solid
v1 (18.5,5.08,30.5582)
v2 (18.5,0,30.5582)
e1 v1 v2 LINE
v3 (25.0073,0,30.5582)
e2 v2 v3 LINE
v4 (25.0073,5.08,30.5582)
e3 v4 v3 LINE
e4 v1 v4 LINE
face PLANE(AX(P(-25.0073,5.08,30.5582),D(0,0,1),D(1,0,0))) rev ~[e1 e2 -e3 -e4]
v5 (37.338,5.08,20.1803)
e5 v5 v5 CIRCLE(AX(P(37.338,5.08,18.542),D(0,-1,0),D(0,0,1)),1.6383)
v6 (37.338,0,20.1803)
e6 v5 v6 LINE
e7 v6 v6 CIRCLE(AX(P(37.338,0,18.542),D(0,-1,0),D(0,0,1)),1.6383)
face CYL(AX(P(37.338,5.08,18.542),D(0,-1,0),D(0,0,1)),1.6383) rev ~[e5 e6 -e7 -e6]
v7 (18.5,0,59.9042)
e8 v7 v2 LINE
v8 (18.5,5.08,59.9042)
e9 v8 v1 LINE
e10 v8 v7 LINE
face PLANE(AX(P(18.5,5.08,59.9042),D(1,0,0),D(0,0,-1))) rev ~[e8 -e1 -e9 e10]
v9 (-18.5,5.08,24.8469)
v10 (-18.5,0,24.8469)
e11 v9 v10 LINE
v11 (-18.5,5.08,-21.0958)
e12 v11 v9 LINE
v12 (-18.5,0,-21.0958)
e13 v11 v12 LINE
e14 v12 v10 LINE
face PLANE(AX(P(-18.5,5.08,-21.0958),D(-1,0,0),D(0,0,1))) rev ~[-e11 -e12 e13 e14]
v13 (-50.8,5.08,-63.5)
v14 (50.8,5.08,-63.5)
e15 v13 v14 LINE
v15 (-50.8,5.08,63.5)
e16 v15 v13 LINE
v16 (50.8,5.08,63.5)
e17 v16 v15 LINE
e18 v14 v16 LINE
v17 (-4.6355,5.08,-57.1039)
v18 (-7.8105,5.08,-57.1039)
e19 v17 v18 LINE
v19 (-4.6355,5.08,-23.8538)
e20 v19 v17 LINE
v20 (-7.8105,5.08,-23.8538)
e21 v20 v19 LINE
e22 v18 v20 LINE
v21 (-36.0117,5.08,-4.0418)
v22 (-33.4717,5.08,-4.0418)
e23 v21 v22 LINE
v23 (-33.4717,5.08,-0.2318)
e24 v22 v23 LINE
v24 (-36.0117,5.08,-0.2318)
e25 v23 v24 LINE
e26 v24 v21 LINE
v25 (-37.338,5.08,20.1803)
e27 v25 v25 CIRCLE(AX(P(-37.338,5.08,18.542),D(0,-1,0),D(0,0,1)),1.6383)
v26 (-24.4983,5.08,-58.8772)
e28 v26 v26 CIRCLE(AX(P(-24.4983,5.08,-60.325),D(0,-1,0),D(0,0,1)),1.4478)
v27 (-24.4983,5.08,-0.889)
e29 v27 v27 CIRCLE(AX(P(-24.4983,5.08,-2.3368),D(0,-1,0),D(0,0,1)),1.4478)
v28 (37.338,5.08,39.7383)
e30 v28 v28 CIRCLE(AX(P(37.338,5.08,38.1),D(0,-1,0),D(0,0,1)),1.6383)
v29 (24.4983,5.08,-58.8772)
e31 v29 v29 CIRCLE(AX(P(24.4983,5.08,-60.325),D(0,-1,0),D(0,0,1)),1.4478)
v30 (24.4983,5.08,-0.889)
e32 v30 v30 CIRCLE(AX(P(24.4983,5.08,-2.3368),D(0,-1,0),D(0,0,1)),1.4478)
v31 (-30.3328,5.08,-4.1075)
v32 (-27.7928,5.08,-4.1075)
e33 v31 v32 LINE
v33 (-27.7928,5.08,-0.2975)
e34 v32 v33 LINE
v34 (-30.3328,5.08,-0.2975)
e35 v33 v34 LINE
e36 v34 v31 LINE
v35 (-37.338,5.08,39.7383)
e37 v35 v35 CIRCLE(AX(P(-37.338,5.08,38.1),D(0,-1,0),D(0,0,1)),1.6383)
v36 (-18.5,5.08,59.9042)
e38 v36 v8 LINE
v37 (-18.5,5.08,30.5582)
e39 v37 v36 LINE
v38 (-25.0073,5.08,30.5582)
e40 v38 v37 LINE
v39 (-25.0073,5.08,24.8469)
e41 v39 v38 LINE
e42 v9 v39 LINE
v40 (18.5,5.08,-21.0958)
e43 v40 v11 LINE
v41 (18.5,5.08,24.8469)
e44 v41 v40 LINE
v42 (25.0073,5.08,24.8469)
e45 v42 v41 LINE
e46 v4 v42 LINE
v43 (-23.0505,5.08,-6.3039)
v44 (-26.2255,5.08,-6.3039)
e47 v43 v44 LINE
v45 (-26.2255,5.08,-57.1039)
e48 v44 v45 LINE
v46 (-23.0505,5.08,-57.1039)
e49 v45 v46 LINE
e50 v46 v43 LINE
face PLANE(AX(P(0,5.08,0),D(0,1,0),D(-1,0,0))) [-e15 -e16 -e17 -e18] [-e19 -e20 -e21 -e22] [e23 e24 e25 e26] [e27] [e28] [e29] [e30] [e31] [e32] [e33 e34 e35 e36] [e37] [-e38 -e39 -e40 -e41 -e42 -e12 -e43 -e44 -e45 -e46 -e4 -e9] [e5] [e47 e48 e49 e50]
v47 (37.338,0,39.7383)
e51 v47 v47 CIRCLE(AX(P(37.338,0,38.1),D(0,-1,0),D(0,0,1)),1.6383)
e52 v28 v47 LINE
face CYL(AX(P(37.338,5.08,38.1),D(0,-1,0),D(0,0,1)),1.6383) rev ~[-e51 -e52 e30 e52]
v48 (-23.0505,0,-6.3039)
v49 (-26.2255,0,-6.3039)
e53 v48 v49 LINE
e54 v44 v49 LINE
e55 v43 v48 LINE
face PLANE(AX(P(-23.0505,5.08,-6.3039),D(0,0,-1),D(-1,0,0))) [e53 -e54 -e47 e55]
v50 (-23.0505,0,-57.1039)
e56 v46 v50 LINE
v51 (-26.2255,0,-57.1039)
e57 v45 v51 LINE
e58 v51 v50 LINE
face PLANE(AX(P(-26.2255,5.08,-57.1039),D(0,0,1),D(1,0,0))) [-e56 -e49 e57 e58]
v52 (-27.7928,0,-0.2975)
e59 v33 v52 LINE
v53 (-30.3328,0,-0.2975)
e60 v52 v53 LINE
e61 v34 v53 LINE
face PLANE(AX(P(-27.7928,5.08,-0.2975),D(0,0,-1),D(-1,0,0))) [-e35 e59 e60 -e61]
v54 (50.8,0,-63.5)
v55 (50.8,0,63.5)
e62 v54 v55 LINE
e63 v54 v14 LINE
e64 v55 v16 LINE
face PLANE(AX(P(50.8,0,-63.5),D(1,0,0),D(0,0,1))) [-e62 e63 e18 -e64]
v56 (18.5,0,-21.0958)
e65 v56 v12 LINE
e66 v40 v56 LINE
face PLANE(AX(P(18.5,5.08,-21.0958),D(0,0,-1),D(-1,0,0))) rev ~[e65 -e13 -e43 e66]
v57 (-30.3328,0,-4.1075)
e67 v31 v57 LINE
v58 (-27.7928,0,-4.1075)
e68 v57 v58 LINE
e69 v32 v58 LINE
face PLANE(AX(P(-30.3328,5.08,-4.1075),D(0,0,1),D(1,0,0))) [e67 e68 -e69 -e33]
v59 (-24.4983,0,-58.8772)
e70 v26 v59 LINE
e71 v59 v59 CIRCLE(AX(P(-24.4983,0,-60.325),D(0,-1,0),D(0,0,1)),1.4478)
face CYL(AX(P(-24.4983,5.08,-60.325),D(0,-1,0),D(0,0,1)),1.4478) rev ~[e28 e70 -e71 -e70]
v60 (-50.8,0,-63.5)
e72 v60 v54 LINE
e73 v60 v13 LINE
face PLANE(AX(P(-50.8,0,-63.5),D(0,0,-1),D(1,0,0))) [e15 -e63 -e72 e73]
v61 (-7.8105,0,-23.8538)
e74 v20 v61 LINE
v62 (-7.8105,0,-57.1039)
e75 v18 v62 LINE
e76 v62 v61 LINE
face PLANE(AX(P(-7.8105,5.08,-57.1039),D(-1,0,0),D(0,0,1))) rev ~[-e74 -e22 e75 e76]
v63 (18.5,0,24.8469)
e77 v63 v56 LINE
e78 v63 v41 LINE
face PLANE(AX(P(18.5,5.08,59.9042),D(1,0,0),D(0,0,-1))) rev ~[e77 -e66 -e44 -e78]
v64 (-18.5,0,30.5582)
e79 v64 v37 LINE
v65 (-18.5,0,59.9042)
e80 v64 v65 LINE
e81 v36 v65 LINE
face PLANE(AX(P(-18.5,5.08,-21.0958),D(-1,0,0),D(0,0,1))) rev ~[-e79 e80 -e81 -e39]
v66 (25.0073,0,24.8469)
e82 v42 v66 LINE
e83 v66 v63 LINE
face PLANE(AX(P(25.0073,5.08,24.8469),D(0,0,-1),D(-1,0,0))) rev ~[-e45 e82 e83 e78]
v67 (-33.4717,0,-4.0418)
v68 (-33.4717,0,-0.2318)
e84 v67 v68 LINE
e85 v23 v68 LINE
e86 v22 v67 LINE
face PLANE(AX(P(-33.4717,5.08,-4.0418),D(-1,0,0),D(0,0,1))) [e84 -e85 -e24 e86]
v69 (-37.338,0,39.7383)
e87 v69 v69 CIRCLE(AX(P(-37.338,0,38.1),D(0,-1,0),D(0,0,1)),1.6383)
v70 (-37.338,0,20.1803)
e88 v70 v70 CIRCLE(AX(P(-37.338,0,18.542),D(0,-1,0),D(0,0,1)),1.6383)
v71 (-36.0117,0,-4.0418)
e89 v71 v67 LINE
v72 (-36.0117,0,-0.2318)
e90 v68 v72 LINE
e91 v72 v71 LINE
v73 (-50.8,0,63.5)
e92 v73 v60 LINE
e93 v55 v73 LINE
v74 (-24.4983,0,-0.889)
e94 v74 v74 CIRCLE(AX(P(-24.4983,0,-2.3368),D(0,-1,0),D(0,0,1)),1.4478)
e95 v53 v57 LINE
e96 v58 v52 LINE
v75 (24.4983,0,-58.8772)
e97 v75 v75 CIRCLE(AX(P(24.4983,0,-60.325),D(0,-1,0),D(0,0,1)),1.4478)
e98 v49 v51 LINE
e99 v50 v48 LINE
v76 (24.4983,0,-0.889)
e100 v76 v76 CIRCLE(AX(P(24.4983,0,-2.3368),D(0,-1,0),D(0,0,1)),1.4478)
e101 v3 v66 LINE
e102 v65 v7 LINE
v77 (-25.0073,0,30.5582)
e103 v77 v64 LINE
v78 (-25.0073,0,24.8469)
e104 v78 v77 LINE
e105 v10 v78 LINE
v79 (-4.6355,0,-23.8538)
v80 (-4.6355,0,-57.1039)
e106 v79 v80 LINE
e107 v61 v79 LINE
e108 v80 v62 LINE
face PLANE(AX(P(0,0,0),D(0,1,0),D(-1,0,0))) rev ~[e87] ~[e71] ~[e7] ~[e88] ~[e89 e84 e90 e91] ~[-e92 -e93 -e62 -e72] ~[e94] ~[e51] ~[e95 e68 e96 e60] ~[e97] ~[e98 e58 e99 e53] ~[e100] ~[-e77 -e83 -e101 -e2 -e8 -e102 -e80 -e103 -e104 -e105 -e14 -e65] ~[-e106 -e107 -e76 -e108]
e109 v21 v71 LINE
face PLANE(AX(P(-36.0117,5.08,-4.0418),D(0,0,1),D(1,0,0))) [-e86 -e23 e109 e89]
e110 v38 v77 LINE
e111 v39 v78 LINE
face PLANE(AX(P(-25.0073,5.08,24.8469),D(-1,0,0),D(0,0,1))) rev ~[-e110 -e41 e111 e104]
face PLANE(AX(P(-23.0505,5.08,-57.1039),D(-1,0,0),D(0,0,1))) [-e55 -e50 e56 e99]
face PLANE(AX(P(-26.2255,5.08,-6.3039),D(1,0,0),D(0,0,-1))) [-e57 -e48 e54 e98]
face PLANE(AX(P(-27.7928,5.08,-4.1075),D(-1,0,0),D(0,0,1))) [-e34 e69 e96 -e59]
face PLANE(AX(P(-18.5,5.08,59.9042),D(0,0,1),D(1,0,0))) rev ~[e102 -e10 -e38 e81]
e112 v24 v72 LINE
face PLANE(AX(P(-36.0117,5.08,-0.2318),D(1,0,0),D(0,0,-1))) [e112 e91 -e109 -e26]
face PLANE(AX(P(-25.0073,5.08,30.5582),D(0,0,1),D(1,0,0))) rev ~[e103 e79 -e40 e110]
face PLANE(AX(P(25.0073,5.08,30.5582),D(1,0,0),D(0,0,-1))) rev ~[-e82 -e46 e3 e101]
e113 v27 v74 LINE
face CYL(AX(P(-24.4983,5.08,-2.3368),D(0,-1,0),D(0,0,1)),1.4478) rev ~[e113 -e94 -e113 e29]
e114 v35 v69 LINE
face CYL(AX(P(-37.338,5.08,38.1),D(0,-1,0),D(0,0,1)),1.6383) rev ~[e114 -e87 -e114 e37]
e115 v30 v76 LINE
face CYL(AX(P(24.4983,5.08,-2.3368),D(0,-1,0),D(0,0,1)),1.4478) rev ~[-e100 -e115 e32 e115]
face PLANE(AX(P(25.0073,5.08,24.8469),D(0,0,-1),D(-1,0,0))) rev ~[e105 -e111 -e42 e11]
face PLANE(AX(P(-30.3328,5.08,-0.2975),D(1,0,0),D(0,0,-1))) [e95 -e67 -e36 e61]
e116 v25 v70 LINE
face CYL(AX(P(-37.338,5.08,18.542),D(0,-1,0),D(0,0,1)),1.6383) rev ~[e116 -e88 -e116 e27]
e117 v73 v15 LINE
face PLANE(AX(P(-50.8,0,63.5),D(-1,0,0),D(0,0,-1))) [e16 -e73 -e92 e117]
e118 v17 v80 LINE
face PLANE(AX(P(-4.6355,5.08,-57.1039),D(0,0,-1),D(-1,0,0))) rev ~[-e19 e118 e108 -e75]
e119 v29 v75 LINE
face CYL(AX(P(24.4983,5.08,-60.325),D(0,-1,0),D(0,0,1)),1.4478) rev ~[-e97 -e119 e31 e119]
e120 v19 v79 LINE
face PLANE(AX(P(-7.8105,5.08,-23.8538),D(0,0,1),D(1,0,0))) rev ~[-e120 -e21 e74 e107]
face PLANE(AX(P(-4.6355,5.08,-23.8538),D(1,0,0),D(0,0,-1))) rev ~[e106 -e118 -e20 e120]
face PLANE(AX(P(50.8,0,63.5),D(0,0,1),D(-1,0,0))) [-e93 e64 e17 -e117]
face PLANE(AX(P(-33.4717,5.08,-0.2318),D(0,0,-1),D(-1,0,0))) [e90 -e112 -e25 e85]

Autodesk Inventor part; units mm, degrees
ref_plane "YZ Plane" through (0, 0, 0) normal (1, 0, 0) x (0, 1, 0)
ref_plane "XZ Plane" through (0, 0, 0) normal (0, 1, 0) x (-1, 0, 0)
ref_plane "XY Plane" through (0, 0, 0) normal (0, 0, 1) x (1, 0, 0)
sketch "Sketch1" plane through (0, 0, 0) normal (0, 1, 0) x (-1, 0, 0)
  line L0 (-50.8, 63.5) -> (50.8, 63.5)
  line L1 (50.8, 63.5) -> (50.8, -63.5)
  line L2 (50.8, -63.5) -> (-50.8, -63.5)
  line L3 (-50.8, -63.5) -> (-50.8, 63.5)
  line L4 (-50.8, 63.5) -> (50.8, -63.5) construction
  line L5 (50.8, 63.5) -> (-50.8, -63.5) construction
  point P0 (0, 0)
  point P1 (0, 0)
  dimension "d0" = 101.6
  dimension "d1" = 127
extrude "Plate1" add sketch "Sketch1" along normal blind 5.08
sketch "Sketch2" plane through (0, 5.08, 0) normal (0, 1, 0) x (1, 0, 0)
  line L0 (-50.8, 63.5) -> (50.8, 63.5) construction
  line L1 (0, 63.5) -> (0, -63.5) construction
  line L2 (50.8, -63.5) -> (-50.8, -63.5) construction
  line L3 (-50.8, -63.5) -> (-50.8, 63.5) construction
  point P0 (0, 0)
  point P1 (-37.338, -38.1)
  point P2 (-37.338, -18.542)
  point P3 (37.338, -38.1)
  point P4 (37.338, -18.542)
  dimension "d5" = 19.558
  dimension "d6" = 13.462
  dimension "d18" = 25.4
hole "MotorScrews" at (-37.338, 5.08, 38.1) at (-37.338, 5.08, 18.542) at (37.338, 5.08, 38.1) at (37.338, 5.08, 18.542) direction (0, -1, 0) diameter 3.2766 end through all clearance for "Flat Head Machine Screw (82)" size "#4" standard "Ansi Unified Screw Threads"
sketch "Sketch3" plane through (0, 5.08, 0) normal (0, 1, 0) x (1, 0, 0)
  line L0 (-18.5, -59.9042) -> (18.5, -59.9042)
  line L1 (18.5, -59.9042) -> (18.5, 21.0958)
  line L2 (18.5, 21.0958) -> (-18.5, 21.0958)
  line L3 (-18.5, 21.0958) -> (-18.5, -59.9042)
  line L4 (-18.5, -59.9042) -> (18.5, 21.0958) construction
  line L5 (18.5, -59.9042) -> (-18.5, 21.0958) construction
  point P0 (0, 0)
  point P1 (0, -19.4042)
  point P2 (0, -19.4042)
  dimension "d14" = 37
  dimension "d15" = 81
extrude "BatteryHole" cut sketch "Sketch3" against normal blind 5.08
sketch "Sketch4" plane through (0, 5.08, 0) normal (0, 1, 0) x (1, 0, 0)
  line L0 (18.5, -59.9042) -> (-18.5, -59.9042) projected
  line L1 (-25.0073, -30.5582) -> (25.0073, -30.5582)
  line L2 (25.0073, -30.5582) -> (25.0073, -24.8469)
  line L3 (25.0073, -24.8469) -> (-25.0073, -24.8469)
  line L4 (-25.0073, -24.8469) -> (-25.0073, -30.5582)
  line L5 (-25.0073, -30.5582) -> (25.0073, -24.8469) construction
  line L6 (25.0073, -30.5582) -> (-25.0073, -24.8469) construction
  point P0 (0, 0)
  point P1 (0, -27.7026)
  point P2 (0, -27.7026)
extrude "MotorWireHoles" cut sketch "Sketch4" against normal blind 5.08
sketch "Sketch5" plane through (0, 5.08, 0) normal (0, 1, 0) x (1, 0, 0)
  line L0 (0, 0) -> (0, 25.4) construction
  line L1 (-50.8, 63.5) -> (50.8, 63.5) projected
  point P0 (-24.4983, 2.3368)
  point P1 (24.4983, 2.3368)
  point P2 (-24.4983, 60.325)
  point P3 (24.4983, 60.325)
  dimension "d21" = 25.4
  dimension "d22" = 48.9966
  dimension "d23" = 57.9882
  dimension "d24" = 3.175
hole "PiScrews" at (-24.4983, 5.08, -2.3368) at (24.4983, 5.08, -2.3368) at (-24.4983, 5.08, -60.325) at (24.4983, 5.08, -60.325) direction (0, -1, 0) diameter 2.8956 end through all clearance for "Flat Head Machine Screw" size "M2.5" standard "Ansi Metric M Profile"
sketch "Sketch6" plane through (0, 5.08, 0) normal (0, 1, 0) x (1, 0, 0)
  line L0 (-15.4305, 17.2899) -> (-15.4305, 42.6899) construction
  line L1 (-26.2255, 57.1039) -> (-23.0505, 57.1039)
  line L2 (-23.0505, 57.1039) -> (-23.0505, 6.3039)
  line L3 (-23.0505, 6.3039) -> (-26.2255, 6.3039)
  line L4 (-26.2255, 6.3039) -> (-26.2255, 57.1039)
  circle A0 centre (-24.4983, 60.325) radius 1.4478 projected
  line L5 (-4.6355, 57.1039) -> (-7.8105, 57.1039)
  line L6 (-7.8105, 57.1039) -> (-7.8105, 23.8538)
  line L7 (-7.8105, 23.8538) -> (-4.6355, 23.8538)
  line L8 (-4.6355, 23.8538) -> (-4.6355, 57.1039)
  dimension "d33" = 3.175
  dimension "d34" = 50.8
  dimension "d37" = 15.24
extrude "WireHoles" cut sketch "Sketch6" against normal blind 5.08 contours L1 L2 L3 L4 | L8 L7 L6 L5
sketch "Sketch7" plane through (0, 5.08, 0) normal (0, 1, 0) x (1, 0, 0)
  line L0 (-36.0117, 4.0418) -> (-33.4717, 4.0418)
  line L1 (-33.4717, 4.0418) -> (-33.4717, 0.2318)
  line L2 (-33.4717, 0.2318) -> (-36.0117, 0.2318)
  line L3 (-36.0117, 0.2318) -> (-36.0117, 4.0418)
  line L4 (-30.3328, 4.1075) -> (-27.7928, 4.1075)
  line L5 (-27.7928, 4.1075) -> (-27.7928, 0.2975)
  line L6 (-27.7928, 0.2975) -> (-30.3328, 0.2975)
  line L7 (-30.3328, 0.2975) -> (-30.3328, 4.1075)
  point P0 (0, 0)
  dimension "d38" = 2.54
  dimension "d39" = 3.81
  dimension "d40" = 2.54
  dimension "d41" = 3.81
extrude "ZipTieHolder" cut sketch "Sketch7" against normal blind 5.08
equation "\"d18\" = motor_placement"
equation "\"d12\" = Thickness"
equation "\"d16\" = Thickness"
equation "\"d19\" = Thickness"
equation "\"d30\" = Thickness"
equation "\"d35\" = Thickness"
equation "\"d42\" = Thickness"
equation "\"d4\" = Thickness"
equation "\"BendRadius\" = Thickness"
equation "\"BendReliefWidth\" = Thickness"
equation "\"BendReliefDepth\" = 0.5 * Thickness"
equation "\"CornerReliefSize\" = 4 * Thickness"
equation "\"MinimumRemnant\" = 2 * Thickness"
equation "\"TransitionRadius\" = BendRadius"
equation "\"JacobiRadiusSize\" = BendRadius"
equation "\"GapSize\" = Thickness"
equation "\"Thickness\" = 5.08"
equation "\"motor_placement\" = 25.4"
properties part number "pibot_baseplate_battery" material "Polycarbonate, Clear"
